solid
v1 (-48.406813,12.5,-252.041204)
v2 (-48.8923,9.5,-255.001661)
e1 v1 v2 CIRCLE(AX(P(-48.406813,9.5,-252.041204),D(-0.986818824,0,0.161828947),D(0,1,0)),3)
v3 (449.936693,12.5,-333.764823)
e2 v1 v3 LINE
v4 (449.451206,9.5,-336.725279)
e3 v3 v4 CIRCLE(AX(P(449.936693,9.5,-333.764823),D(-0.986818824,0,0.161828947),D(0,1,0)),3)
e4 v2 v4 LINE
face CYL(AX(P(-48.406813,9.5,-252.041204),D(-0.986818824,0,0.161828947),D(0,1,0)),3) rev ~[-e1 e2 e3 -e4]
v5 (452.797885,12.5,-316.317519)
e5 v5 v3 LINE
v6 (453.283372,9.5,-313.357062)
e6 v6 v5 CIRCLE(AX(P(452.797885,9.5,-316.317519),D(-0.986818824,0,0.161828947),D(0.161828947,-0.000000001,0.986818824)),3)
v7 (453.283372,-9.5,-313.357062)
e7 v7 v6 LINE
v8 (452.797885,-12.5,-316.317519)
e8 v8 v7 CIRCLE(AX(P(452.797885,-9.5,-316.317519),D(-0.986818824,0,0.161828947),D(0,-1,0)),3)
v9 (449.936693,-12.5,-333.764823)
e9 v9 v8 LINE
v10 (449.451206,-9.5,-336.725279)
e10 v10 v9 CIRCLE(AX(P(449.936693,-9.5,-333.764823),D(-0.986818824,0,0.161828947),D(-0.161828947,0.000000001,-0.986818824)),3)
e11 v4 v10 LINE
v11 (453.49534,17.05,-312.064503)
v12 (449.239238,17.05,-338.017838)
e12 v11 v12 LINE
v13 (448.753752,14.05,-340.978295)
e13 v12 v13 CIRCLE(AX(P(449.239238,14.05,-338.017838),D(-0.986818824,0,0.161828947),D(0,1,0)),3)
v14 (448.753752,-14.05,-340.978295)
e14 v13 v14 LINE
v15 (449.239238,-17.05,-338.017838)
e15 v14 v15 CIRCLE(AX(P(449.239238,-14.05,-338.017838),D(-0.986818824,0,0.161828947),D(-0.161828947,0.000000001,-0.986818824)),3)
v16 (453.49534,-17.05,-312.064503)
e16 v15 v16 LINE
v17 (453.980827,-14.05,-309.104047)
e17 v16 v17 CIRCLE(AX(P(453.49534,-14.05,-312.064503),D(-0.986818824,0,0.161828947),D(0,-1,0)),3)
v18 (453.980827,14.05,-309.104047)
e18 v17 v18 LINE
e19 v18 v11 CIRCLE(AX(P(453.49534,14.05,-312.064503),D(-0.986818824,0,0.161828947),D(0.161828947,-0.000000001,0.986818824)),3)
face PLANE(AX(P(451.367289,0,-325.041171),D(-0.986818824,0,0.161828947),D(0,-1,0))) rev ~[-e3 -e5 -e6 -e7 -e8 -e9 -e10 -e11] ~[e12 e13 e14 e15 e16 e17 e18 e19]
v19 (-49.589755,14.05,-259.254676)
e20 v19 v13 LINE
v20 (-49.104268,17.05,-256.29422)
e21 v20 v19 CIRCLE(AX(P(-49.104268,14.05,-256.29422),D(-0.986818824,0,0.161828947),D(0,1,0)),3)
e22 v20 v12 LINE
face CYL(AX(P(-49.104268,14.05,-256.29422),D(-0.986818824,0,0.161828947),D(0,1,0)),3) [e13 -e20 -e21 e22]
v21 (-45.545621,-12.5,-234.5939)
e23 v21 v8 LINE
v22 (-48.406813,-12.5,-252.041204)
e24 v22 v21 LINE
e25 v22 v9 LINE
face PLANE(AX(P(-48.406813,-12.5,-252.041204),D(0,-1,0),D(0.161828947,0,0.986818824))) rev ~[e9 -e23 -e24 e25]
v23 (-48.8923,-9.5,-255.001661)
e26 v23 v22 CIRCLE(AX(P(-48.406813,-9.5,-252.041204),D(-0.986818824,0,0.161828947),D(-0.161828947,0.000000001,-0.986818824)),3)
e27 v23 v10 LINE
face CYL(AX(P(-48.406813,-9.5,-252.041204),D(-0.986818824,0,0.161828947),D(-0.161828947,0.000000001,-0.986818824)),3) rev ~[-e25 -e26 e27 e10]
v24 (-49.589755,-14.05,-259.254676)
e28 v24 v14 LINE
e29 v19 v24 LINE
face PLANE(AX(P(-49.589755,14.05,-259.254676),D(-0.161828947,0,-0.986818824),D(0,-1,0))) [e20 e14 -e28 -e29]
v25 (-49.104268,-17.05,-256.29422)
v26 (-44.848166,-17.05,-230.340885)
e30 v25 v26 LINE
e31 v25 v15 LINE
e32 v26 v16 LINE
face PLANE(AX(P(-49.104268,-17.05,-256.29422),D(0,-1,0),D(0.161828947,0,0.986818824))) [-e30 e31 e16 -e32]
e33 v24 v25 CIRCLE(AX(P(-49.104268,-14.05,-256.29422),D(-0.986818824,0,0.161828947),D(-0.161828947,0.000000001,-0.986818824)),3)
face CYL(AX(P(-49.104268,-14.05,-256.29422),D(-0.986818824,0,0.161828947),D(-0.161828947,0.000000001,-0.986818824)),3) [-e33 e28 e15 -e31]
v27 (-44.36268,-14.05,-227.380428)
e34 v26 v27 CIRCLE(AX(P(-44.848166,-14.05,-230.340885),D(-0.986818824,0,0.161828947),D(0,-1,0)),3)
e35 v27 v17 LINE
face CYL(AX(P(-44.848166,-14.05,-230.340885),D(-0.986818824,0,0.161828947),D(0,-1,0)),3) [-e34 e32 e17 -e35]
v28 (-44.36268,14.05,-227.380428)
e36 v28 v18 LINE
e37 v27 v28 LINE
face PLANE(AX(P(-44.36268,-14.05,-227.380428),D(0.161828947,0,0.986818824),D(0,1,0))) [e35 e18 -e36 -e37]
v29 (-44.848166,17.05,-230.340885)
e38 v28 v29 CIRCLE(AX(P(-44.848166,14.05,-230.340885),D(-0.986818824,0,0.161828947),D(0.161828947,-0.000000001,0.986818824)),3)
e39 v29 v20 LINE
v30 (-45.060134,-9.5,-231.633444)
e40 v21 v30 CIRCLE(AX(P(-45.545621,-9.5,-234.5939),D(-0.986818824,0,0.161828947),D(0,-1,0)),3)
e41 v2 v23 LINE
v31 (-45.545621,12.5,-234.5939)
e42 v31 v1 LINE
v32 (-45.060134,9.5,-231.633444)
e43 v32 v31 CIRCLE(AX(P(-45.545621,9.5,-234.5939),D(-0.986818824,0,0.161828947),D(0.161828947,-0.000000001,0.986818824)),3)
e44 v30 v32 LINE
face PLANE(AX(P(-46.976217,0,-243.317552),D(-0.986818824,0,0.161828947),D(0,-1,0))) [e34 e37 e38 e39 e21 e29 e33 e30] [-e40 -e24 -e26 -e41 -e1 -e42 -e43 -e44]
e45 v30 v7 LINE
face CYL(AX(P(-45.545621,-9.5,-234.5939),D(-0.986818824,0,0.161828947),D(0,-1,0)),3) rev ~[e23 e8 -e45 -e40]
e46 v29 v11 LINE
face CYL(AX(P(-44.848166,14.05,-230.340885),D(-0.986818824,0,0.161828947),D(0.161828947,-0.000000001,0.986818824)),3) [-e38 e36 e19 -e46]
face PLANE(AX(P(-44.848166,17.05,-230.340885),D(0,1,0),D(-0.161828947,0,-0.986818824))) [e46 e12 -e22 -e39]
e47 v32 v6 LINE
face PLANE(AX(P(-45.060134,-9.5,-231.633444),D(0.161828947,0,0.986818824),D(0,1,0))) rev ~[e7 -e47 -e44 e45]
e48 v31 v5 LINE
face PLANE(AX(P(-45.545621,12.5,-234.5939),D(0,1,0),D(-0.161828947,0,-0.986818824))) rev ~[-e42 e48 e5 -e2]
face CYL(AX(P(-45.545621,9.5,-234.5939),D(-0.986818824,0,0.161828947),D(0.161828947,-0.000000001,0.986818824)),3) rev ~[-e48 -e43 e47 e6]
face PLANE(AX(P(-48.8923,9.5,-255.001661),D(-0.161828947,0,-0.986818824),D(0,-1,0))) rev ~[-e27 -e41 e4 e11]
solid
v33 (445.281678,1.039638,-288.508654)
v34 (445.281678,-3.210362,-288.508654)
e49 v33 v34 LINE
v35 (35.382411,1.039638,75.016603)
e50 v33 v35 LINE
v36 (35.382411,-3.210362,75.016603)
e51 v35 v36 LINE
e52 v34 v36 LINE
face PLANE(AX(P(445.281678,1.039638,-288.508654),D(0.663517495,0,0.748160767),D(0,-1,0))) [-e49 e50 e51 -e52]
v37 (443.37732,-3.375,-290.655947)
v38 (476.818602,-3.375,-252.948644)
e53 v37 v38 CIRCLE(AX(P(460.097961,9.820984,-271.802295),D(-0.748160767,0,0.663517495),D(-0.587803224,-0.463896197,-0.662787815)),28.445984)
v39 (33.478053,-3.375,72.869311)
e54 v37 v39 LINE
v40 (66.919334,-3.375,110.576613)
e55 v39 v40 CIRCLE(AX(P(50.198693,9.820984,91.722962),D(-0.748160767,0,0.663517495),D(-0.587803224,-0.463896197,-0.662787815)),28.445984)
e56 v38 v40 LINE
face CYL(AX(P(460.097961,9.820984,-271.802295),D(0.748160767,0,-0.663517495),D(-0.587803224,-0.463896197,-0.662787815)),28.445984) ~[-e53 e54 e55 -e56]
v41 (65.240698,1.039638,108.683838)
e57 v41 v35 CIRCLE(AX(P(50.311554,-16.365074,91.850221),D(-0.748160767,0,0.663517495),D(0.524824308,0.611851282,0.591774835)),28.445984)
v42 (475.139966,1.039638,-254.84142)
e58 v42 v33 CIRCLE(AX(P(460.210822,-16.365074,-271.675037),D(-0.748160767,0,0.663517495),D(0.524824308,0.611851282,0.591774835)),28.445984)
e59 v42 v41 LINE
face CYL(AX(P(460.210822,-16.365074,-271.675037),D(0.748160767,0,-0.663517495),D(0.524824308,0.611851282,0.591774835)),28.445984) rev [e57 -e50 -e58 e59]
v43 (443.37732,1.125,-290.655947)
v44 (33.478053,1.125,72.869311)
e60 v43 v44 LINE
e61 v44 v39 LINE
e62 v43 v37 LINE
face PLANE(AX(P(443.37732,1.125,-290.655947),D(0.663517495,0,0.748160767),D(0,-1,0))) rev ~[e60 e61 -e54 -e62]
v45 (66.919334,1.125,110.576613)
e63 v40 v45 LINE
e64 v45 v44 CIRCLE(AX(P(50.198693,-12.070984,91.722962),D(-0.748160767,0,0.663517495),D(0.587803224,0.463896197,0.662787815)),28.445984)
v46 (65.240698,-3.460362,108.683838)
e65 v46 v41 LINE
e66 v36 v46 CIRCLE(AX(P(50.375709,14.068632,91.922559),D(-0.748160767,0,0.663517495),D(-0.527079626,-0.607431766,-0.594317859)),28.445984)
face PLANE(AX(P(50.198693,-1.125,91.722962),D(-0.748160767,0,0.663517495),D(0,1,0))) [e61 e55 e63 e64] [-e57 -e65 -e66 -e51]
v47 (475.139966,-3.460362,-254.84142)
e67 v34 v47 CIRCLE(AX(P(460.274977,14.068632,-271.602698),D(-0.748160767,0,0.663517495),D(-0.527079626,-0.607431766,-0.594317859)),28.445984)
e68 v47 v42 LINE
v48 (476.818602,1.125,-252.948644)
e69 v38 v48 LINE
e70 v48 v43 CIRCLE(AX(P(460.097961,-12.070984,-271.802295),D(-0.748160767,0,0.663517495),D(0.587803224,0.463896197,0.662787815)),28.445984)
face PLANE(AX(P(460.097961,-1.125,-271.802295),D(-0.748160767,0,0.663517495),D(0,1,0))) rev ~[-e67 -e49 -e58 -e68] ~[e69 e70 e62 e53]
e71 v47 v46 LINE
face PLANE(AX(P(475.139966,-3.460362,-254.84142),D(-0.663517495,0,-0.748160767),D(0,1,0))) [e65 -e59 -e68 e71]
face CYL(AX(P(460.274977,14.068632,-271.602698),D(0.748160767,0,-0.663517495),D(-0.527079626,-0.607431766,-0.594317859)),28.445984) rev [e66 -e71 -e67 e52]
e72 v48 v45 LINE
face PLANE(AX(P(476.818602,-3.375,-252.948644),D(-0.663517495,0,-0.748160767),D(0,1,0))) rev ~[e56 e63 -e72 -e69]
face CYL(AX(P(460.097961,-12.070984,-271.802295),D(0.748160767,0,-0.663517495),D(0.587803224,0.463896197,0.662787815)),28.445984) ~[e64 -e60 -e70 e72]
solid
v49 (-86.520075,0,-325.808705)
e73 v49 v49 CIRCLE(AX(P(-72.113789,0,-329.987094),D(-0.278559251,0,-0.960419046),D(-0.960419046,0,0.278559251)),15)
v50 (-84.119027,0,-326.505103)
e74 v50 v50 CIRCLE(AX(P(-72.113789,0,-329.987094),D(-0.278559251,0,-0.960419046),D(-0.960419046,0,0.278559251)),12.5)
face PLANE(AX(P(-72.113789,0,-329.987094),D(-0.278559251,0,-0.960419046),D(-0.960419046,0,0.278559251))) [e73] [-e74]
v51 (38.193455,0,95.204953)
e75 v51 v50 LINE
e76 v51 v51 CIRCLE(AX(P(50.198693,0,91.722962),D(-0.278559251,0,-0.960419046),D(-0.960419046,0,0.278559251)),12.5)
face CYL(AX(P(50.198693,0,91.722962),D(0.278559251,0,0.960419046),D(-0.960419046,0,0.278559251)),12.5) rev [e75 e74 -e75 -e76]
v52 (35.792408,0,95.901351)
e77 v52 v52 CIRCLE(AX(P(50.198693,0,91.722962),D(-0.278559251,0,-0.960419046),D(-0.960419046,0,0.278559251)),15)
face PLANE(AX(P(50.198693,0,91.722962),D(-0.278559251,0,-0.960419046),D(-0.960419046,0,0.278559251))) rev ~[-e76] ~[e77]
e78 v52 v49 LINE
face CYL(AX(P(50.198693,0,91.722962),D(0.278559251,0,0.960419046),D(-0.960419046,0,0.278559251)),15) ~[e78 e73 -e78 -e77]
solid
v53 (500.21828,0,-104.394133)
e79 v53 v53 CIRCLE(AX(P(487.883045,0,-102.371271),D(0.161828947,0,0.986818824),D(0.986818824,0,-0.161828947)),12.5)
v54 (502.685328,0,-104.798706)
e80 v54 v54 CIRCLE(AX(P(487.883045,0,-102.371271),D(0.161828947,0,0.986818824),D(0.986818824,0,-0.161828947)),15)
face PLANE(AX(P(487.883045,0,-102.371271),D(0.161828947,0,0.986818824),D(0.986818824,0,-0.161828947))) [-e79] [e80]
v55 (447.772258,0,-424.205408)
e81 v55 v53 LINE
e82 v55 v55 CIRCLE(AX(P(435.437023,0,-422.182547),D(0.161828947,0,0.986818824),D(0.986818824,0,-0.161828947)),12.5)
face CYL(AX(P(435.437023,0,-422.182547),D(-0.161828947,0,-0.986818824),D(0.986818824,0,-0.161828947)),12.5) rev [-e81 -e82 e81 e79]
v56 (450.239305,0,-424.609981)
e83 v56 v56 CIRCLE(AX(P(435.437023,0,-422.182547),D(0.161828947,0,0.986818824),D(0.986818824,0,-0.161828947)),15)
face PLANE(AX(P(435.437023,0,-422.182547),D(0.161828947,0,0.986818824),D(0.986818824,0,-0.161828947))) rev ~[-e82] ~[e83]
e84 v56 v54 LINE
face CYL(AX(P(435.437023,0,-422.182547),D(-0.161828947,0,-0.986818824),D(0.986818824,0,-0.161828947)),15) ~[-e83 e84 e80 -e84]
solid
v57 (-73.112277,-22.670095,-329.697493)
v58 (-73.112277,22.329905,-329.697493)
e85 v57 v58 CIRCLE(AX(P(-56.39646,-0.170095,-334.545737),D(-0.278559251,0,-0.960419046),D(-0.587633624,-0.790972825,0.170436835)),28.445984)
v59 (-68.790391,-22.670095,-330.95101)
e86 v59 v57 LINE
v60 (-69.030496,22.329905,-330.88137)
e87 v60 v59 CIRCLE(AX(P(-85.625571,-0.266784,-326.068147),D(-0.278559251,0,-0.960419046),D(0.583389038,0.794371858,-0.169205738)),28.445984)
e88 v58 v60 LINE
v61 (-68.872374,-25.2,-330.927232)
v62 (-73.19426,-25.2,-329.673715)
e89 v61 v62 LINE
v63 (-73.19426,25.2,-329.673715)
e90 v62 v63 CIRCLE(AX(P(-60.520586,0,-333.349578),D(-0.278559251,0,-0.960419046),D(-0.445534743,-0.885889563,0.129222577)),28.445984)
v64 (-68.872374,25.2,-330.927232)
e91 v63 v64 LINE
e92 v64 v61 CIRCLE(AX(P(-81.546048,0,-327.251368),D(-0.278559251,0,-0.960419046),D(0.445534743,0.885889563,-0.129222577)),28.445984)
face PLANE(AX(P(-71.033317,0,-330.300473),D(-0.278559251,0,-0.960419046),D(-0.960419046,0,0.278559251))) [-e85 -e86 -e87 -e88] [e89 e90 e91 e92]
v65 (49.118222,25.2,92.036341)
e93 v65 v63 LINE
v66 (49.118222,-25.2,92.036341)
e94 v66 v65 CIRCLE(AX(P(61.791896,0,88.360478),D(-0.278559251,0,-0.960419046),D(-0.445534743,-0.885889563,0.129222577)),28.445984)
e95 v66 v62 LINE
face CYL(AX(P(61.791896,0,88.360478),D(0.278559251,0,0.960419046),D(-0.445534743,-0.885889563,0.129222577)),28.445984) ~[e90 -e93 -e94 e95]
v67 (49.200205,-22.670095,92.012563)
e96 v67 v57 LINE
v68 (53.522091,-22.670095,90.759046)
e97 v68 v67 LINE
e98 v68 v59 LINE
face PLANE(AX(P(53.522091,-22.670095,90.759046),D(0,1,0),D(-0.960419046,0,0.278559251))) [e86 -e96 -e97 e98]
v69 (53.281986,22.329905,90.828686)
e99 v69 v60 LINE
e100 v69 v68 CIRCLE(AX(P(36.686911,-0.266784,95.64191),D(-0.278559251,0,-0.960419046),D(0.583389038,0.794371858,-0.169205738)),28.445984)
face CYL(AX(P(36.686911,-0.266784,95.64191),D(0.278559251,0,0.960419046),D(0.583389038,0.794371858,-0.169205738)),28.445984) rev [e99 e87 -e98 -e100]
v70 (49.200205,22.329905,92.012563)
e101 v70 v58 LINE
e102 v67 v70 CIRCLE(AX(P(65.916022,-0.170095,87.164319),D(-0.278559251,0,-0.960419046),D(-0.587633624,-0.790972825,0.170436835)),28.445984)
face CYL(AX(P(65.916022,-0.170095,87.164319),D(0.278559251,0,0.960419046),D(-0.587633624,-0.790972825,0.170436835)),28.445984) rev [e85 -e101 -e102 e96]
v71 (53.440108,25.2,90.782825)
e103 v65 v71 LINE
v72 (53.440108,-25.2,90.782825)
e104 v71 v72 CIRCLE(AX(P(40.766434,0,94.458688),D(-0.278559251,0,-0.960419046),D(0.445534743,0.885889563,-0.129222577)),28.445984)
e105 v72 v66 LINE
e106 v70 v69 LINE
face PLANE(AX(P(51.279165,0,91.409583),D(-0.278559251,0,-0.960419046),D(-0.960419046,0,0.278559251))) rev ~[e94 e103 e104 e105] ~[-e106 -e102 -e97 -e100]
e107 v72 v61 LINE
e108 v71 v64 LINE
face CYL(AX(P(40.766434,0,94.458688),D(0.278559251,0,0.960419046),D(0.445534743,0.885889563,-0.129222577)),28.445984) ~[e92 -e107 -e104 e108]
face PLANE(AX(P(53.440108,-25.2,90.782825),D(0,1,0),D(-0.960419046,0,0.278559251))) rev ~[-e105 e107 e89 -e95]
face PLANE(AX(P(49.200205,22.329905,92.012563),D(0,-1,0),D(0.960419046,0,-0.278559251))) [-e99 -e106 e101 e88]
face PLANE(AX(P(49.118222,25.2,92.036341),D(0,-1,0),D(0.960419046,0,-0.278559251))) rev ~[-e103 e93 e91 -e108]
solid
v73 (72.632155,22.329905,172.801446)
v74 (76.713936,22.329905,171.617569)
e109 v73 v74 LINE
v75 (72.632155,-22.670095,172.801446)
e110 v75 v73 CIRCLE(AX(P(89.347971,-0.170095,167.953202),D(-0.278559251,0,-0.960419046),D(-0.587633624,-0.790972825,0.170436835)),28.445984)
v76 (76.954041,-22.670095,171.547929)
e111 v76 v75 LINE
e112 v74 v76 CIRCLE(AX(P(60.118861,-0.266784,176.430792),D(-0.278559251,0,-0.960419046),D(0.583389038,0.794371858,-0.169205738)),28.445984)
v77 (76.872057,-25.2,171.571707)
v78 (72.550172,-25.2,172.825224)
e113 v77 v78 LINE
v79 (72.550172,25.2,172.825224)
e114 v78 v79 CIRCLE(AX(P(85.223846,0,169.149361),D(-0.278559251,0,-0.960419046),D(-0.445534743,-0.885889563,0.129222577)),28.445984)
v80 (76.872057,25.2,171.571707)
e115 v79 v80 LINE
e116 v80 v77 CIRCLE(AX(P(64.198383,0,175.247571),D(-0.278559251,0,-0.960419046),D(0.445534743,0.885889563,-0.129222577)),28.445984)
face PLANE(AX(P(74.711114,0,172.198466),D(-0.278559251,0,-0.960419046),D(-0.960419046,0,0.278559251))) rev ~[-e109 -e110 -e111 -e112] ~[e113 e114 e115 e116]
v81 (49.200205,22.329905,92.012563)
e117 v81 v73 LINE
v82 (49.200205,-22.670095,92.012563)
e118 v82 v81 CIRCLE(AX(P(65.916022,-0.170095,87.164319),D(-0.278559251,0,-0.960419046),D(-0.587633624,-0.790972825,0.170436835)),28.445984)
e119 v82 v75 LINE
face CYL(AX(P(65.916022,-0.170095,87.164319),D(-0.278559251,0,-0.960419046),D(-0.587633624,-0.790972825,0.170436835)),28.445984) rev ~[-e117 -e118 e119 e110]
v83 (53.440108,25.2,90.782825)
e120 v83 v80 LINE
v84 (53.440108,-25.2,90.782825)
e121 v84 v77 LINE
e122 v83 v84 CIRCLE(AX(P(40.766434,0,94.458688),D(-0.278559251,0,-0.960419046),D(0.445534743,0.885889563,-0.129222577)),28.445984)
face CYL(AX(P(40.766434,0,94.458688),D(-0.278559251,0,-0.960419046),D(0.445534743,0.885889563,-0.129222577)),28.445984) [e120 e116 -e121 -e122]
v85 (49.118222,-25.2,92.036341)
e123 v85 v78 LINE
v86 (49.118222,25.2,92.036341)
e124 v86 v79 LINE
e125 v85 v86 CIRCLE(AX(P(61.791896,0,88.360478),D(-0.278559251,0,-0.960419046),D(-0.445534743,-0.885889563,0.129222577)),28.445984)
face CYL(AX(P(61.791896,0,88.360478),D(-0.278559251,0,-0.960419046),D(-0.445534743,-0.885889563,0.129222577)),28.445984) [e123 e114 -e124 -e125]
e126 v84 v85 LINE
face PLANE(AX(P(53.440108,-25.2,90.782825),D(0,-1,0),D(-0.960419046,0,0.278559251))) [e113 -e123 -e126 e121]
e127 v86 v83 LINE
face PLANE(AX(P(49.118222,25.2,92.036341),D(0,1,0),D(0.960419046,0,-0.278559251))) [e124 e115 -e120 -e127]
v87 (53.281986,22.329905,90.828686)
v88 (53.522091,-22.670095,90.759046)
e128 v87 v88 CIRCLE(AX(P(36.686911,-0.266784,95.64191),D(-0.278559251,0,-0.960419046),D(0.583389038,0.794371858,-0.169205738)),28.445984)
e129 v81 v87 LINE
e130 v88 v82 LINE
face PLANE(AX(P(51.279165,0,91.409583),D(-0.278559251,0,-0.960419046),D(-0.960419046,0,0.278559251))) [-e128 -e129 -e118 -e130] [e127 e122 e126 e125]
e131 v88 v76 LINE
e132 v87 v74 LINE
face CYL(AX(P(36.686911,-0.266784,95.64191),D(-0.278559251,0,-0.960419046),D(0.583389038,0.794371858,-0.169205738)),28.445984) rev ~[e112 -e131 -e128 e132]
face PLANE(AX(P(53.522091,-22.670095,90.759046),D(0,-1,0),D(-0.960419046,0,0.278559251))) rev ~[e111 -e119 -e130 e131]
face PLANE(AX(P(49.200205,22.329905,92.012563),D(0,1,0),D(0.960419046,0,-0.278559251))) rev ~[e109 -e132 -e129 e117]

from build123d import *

# Parameters (mm, degrees)
SKETCH12_R                         = 15
SKETCH12_R_2                       = 12.5
BACK_FRAME_BACK_FRAME_1_DEPTH      = 439.089643257
SKETCH13_R                         = 15
SKETCH13_R_2                       = 12.5
BACK_FRAME_BACK_FRAME_2_DEPTH      = 324.083071196
TOP_FRAME_TOP_TUBE_1_DEPTH         = 505
LOWER_FRAME_BOTTOM_FRAME_1_DEPTH   = 547.875918564
LOWER_FRAME_BOTTOM_FRAME_2_DEPTH   = 84.118367958
LOWER_FRAME_BOTTOM_FRAME_2_2_DEPTH = 439.089643257


with BuildPart() as part:
    # Sketch12 → Back frame BACK FRAME(1) (new body)
    with BuildSketch(Plane(origin=(50.198693417, 0, 91.722962081), x_dir=(-0.9604190458168814, 0, 0.27855925120553954), z_dir=(-0.2785592512055396, 0, -0.9604190458168815))):
        Circle(SKETCH12_R)
        Circle(SKETCH12_R_2, mode=Mode.SUBTRACT)
    extrude(amount=BACK_FRAME_BACK_FRAME_1_DEPTH)


with BuildPart() as body_2:
    # Sketch13 → Back frame BACK FRAME(2) (new body)
    with BuildSketch(Plane(origin=(435.437022891, 0, -422.182546606), x_dir=(0.9868188241922125, 0, -0.1618289474102196), z_dir=(0.1618289474102196, 0, 0.9868188241922125))):
        Circle(SKETCH13_R)
        Circle(SKETCH13_R_2, mode=Mode.SUBTRACT)
    extrude(amount=BACK_FRAME_BACK_FRAME_2_DEPTH)


with BuildPart() as body_3:
    # Sketch14 → Top frame TOP TUBE(1) (new body)
    with BuildSketch(Plane(origin=(-46.97621709, 0, -243.317552361), x_dir=(0, 1, 0), z_dir=(0.9868188241922123, 0, -0.1618289474102196))):
        with BuildLine():
            Line((-14.05, 16.15), (14.05, 16.15))
            ThreePointArc((14.05, 16.15), (16.171320344, 15.271320344), (17.05, 13.15))
            Line((17.05, 13.15), (17.05, -13.15))
            ThreePointArc((17.05, -13.15), (16.171320344, -15.271320344), (14.05, -16.15))
            Line((14.05, -16.15), (-14.05, -16.15))
            ThreePointArc((-14.05, -16.15), (-16.171320344, -15.271320344), (-17.05, -13.15))
            Line((-17.05, -13.15), (-17.05, 13.15))
            ThreePointArc((-17.05, 13.15), (-16.171320344, 15.271320344), (-14.05, 16.15))
        make_face()
        with BuildLine():
            Line((-9.5, 11.840175953), (9.5, 11.840175953))
            ThreePointArc((9.5, 11.840175953), (11.621320344, 10.961496297), (12.5, 8.840175953))
            Line((12.5, 8.840175953), (12.5, -8.840175953))
            ThreePointArc((12.5, -8.840175953), (11.621320344, -10.961496297), (9.5, -11.840175953))
            Line((9.5, -11.840175953), (-9.5, -11.840175953))
            ThreePointArc((-9.5, -11.840175953), (-11.621320344, -10.961496297), (-12.5, -8.840175953))
            Line((-12.5, -8.840175953), (-12.5, 8.840175953))
            ThreePointArc((-12.5, 8.840175953), (-11.621320344, 10.961496297), (-9.5, 11.840175953))
        make_face(mode=Mode.SUBTRACT)
    extrude(amount=TOP_FRAME_TOP_TUBE_1_DEPTH)


with BuildPart() as body_4:
    # Sketch17 → Lower frame BOTTOM FRAME(1) (new body)
    with BuildSketch(Plane(origin=(460.09796084, 0, -271.802295238), x_dir=(0, 1, 0), z_dir=(-0.7481607669438695, 0, 0.6635174954784245))):
        with BuildLine():
            Line((1.125, 25.2), (-1.125, 25.2))
            Line((-1.125, 25.2), (-3.375, 25.2))
            ThreePointArc((-3.375, 25.2), (-18.625, 0), (-3.375, -25.2))
            Line((-3.375, -25.2), (-1.125, -25.2))
            Line((-1.125, -25.2), (1.125, -25.2))
            ThreePointArc((1.125, -25.2), (16.375, 0), (1.125, 25.2))
        make_face()
        with BuildLine():
            Line((1.03963794, 22.329904981), (-0.96036206, 22.329904981))
            Line((-0.96036206, 22.329904981), (-3.21036206, 22.329904981))
            ThreePointArc((-3.21036206, 22.329904981), (-14.376912625, -0.108753071), (-3.46036206, -22.670095019))
            Line((-3.46036206, -22.670095019), (-1.21036206, -22.670095019))
            Line((-1.21036206, -22.670095019), (1.03963794, -22.670095019))
            ThreePointArc((1.03963794, -22.670095019), (12.080910019, -0.170095019), (1.03963794, 22.329904981))
        make_face(mode=Mode.SUBTRACT)
    extrude(amount=LOWER_FRAME_BOTTOM_FRAME_1_DEPTH)


with BuildPart() as body_5:
    # Sketch18 → Lower frame BOTTOM FRAME(2) (new body)
    with BuildSketch(Plane(origin=(50.198693417, 0, 91.722962081), x_dir=(-0.9604190458168814, 0, 0.27855925120553954), z_dir=(-0.2785592512055396, 0, -0.9604190458168815))):
        with BuildLine():
            Line((1.125, 25.2), (-1.125, 25.2))
            Line((-1.125, 25.2), (-3.375, 25.2))
            ThreePointArc((-3.375, 25.2), (-18.625, 0), (-3.375, -25.2))
            Line((-3.375, -25.2), (-1.125, -25.2))
            Line((-1.125, -25.2), (1.125, -25.2))
            ThreePointArc((1.125, -25.2), (16.375, 0), (1.125, 25.2))
        make_face()
        with BuildLine():
            Line((1.03963794, 22.329904981), (-0.96036206, 22.329904981))
            Line((-0.96036206, 22.329904981), (-3.21036206, 22.329904981))
            ThreePointArc((-3.21036206, 22.329904981), (-14.376912625, -0.108753071), (-3.46036206, -22.670095019))
            Line((-3.46036206, -22.670095019), (-1.21036206, -22.670095019))
            Line((-1.21036206, -22.670095019), (1.03963794, -22.670095019))
            ThreePointArc((1.03963794, -22.670095019), (12.080910019, -0.170095019), (1.03963794, 22.329904981))
        make_face(mode=Mode.SUBTRACT)
    extrude(amount=-LOWER_FRAME_BOTTOM_FRAME_2_DEPTH)


with BuildPart() as body_6:
    # Sketch18 on segment 2 (carried to segment 2) → Lower frame BOTTOM FRAME_2 2 (new body)
    with BuildSketch(Plane(origin=(50.198693417, 0, 91.722962081), x_dir=(-0.960419046, 0, 0.278559251), z_dir=(-0.278559251, 0, -0.960419046))):
        with BuildLine():
            Line((1.125, 25.2), (-1.125, 25.2))
            Line((-1.125, 25.2), (-3.375, 25.2))
            ThreePointArc((-3.375, 25.2), (-18.625, 0), (-3.375, -25.2))
            Line((-3.375, -25.2), (-1.125, -25.2))
            Line((-1.125, -25.2), (1.125, -25.2))
            ThreePointArc((1.125, -25.2), (16.375, 0), (1.125, 25.2))
        make_face()
        with BuildLine():
            Line((1.03963794, 22.329904981), (-0.96036206, 22.329904981))
            Line((-0.96036206, 22.329904981), (-3.21036206, 22.329904981))
            ThreePointArc((-3.21036206, 22.329904981), (-14.376912625, -0.108753071), (-3.46036206, -22.670095019))
            Line((-3.46036206, -22.670095019), (-1.21036206, -22.670095019))
            Line((-1.21036206, -22.670095019), (1.03963794, -22.670095019))
            ThreePointArc((1.03963794, -22.670095019), (12.080910019, -0.170095019), (1.03963794, 22.329904981))
        make_face(mode=Mode.SUBTRACT)
    extrude(amount=LOWER_FRAME_BOTTOM_FRAME_2_2_DEPTH)


solid = Compound([part.part, body_2.part, body_3.part, body_4.part, body_5.part, body_6.part])
